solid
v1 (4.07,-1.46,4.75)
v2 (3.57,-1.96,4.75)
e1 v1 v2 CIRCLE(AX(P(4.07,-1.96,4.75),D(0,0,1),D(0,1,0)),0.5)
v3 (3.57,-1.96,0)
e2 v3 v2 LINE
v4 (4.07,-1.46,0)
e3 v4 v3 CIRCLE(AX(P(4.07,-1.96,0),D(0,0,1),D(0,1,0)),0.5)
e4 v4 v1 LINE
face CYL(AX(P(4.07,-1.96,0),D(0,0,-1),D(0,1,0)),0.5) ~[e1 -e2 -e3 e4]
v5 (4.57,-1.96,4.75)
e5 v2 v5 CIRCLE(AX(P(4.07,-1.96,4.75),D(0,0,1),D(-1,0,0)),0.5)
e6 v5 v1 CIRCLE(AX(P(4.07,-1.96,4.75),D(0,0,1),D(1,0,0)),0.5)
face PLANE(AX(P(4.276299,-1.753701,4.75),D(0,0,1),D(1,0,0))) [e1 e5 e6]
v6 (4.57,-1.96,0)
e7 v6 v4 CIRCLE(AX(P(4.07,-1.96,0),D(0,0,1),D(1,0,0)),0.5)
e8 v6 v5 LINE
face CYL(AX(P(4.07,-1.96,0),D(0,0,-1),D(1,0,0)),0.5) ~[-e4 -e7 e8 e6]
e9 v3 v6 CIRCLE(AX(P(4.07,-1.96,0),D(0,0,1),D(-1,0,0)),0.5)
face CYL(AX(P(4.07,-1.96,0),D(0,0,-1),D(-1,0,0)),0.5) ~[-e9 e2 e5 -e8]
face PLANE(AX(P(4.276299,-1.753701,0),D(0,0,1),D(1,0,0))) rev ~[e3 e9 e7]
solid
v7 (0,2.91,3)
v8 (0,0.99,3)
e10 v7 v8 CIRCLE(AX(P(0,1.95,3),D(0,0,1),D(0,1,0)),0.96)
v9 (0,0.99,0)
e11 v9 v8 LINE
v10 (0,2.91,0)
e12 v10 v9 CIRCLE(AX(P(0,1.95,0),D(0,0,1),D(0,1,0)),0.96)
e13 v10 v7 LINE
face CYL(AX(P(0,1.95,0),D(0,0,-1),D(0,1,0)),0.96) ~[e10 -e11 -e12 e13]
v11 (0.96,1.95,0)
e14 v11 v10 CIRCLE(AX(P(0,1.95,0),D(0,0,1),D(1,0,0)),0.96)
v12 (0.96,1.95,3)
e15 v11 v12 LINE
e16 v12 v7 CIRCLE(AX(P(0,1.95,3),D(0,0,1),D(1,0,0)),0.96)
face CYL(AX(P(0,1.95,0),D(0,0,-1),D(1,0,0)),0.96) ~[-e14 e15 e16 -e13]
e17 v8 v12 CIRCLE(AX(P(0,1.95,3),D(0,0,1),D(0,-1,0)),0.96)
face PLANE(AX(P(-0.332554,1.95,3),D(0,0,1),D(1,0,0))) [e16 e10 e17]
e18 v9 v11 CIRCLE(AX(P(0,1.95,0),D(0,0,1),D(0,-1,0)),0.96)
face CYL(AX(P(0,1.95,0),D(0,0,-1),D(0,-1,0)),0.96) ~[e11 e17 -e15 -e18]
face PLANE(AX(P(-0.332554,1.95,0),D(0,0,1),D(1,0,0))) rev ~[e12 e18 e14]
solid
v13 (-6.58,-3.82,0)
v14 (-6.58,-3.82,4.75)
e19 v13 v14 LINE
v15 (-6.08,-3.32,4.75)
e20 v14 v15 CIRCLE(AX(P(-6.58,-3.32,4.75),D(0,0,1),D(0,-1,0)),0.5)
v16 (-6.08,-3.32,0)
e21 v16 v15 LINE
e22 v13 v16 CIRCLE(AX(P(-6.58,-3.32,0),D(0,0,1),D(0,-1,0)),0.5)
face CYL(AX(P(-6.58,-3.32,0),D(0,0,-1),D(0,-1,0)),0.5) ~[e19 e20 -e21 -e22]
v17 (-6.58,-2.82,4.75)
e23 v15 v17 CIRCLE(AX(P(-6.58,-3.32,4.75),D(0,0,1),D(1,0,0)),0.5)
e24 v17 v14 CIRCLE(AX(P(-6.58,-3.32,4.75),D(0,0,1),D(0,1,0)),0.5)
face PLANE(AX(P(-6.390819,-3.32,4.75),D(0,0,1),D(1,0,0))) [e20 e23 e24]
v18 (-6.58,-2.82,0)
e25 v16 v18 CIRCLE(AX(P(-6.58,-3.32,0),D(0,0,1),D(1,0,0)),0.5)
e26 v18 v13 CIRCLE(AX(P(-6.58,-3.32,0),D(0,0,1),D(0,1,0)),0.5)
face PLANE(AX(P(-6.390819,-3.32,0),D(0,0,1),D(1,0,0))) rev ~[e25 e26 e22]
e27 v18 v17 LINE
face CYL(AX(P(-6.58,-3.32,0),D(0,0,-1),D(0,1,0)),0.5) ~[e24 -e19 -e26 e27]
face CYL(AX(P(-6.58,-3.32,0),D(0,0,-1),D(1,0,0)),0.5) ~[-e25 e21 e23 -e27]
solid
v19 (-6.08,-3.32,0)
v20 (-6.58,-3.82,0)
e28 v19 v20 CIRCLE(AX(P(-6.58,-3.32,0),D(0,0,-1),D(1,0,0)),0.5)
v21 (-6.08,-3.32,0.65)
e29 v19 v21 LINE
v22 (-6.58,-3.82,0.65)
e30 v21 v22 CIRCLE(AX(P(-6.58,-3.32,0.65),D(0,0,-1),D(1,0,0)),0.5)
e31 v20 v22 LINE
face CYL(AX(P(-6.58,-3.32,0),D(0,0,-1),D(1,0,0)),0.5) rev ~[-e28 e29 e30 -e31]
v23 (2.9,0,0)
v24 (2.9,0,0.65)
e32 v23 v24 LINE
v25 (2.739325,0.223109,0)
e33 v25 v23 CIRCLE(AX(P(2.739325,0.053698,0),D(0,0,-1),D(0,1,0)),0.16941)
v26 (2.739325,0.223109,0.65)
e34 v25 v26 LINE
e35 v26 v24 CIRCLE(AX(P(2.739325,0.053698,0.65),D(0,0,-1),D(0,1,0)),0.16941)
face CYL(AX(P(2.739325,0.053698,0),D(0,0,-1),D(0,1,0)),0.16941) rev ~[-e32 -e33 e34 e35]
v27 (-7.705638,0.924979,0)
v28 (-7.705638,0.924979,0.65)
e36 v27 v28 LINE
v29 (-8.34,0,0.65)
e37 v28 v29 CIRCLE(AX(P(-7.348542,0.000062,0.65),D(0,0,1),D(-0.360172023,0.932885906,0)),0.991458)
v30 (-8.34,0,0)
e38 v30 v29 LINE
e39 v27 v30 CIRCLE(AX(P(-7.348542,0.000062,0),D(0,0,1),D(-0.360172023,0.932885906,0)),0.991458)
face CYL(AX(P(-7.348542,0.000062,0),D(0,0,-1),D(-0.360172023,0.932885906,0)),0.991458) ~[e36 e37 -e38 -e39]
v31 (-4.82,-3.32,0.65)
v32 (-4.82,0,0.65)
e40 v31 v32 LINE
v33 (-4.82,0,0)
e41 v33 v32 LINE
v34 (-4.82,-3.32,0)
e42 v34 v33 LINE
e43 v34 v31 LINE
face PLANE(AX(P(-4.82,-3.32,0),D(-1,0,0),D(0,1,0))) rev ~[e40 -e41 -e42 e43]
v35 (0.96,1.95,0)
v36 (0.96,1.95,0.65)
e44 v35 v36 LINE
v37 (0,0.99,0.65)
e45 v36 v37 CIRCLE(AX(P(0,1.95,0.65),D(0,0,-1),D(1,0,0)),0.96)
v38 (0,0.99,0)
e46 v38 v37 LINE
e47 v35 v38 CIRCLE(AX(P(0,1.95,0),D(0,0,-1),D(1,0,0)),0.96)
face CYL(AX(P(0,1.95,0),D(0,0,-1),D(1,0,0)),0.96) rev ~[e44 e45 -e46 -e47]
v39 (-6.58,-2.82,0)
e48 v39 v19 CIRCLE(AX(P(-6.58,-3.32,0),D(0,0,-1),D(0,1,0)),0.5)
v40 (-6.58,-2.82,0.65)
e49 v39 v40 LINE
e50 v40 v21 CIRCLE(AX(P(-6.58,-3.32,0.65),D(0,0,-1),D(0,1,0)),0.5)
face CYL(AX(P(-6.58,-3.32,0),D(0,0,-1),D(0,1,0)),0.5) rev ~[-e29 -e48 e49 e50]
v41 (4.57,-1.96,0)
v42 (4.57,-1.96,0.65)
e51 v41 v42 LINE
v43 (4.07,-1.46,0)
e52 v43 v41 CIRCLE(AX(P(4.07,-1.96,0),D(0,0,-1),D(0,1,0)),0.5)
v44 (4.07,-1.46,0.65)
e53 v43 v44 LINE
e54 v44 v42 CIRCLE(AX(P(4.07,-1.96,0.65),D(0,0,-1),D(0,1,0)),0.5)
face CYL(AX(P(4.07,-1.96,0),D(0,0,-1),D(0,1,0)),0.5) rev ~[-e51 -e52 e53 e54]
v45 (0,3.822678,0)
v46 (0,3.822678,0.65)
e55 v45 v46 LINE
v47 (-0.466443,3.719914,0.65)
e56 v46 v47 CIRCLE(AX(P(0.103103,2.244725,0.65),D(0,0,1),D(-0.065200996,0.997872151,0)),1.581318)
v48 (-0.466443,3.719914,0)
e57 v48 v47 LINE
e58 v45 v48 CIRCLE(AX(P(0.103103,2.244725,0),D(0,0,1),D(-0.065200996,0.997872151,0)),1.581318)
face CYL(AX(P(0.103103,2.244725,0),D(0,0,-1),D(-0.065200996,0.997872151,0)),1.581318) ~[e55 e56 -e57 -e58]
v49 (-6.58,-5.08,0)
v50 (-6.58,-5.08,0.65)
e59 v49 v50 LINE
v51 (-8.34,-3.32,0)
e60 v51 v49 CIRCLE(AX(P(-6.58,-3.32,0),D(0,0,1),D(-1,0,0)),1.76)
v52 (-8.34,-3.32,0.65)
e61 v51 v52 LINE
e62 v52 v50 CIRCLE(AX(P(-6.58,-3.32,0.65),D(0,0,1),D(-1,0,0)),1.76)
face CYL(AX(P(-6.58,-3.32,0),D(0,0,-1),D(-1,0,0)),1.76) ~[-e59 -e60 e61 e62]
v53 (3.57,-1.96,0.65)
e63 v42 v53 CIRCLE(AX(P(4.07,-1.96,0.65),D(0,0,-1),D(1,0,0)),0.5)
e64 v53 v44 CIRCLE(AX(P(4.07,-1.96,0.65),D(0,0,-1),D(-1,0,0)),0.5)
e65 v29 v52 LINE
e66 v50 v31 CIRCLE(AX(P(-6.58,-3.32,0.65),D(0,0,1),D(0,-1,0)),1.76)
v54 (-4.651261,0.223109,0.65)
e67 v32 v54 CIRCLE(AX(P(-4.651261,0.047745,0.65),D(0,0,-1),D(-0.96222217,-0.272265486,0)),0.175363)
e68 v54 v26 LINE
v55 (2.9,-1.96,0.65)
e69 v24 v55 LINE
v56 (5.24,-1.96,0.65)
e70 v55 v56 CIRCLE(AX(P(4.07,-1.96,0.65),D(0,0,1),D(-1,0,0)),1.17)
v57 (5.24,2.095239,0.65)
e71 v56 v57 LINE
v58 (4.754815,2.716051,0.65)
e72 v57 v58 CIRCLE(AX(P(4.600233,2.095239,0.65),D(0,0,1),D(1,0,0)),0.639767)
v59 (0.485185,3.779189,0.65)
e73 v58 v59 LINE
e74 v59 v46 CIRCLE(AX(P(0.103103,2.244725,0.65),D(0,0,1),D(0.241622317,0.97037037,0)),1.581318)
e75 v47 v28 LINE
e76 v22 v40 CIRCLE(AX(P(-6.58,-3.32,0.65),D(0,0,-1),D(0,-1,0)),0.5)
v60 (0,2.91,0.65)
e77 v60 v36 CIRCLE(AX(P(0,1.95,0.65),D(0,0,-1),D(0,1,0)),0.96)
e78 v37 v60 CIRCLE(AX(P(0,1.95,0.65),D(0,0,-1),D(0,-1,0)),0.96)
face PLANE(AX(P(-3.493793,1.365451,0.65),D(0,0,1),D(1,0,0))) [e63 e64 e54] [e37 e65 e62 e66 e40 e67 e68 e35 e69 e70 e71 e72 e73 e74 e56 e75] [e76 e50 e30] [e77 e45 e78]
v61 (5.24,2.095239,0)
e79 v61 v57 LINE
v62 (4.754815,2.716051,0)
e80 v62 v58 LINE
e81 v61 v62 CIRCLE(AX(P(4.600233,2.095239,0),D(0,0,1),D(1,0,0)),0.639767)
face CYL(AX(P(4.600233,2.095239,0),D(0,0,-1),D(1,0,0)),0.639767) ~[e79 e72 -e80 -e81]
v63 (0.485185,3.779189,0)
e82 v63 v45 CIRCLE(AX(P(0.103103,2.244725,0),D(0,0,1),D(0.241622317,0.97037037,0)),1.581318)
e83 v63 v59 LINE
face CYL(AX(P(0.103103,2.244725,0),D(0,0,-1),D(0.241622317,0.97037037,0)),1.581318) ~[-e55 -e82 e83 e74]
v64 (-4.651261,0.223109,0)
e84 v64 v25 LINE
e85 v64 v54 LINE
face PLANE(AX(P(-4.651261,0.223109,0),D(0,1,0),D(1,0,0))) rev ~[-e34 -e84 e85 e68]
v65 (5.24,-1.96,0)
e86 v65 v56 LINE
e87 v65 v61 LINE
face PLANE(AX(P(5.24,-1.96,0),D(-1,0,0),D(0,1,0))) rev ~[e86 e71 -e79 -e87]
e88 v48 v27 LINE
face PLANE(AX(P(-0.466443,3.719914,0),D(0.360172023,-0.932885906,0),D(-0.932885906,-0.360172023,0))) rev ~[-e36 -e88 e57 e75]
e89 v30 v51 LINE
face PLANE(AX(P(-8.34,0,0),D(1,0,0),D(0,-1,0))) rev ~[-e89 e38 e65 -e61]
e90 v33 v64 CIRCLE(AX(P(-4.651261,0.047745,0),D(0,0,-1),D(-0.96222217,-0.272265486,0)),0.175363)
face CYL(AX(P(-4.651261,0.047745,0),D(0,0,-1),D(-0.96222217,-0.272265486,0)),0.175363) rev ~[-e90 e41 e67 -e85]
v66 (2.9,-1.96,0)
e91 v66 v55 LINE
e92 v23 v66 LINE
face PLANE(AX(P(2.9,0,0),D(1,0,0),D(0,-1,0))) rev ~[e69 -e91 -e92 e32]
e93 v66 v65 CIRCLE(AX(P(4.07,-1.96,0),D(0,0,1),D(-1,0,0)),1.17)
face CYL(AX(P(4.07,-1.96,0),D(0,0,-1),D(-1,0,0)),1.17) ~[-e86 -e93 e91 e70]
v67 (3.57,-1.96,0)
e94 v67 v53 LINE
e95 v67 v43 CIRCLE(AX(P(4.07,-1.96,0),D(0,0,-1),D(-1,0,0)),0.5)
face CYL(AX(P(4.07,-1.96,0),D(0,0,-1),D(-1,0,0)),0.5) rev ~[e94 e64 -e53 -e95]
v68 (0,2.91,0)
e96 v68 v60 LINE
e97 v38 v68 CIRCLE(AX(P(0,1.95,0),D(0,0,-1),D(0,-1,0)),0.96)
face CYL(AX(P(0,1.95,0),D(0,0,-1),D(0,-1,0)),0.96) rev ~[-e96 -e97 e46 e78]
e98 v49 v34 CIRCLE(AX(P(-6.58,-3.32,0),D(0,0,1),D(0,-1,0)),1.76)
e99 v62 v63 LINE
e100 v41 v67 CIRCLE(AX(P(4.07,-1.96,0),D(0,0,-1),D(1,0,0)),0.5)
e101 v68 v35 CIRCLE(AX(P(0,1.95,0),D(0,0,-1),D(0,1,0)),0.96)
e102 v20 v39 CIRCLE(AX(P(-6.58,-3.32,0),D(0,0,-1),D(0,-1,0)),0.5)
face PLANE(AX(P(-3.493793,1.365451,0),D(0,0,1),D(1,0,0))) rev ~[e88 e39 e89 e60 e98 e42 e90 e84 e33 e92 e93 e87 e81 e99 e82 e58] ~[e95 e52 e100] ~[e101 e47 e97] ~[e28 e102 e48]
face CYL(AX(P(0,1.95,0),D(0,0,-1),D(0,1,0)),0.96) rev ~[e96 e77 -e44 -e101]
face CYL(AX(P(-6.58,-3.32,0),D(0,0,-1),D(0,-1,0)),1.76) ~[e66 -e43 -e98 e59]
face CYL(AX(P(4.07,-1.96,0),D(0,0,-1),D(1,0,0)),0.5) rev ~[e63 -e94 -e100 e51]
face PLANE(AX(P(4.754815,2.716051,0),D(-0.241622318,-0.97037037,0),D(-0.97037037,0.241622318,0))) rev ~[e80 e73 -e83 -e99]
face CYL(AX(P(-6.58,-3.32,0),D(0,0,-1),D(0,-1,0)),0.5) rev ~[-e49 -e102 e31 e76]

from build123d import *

# Parameters (mm, degrees)
F1_DEPTH = 0.65
F2_DEPTH = 3
F3_DEPTH = 4.75
F4_DEPTH = 4.75


with BuildPart() as f1:
    # F0 (on Top) → F1 (new body)
    with BuildSketch(Plane.XY):
        with BuildLine():
            Line((-4.6512614936, 0.2231087419), (0, 0.2231087419))
            Line((0, 0.2231087419), (0, 0.99))
            ThreePointArc((0, 0.99), (-0.96, 1.95), (0, 2.91))
            Line((0, 2.91), (0, 3.8226778984))
            ThreePointArc((0, 3.8226778984), (-0.2371237698, 3.7890083603), (-0.466442953, 3.7199139884))
            Line((-0.466442953, 3.7199139884), (-7.7056375839, 0.9249790882))
            ThreePointArc((-7.7056375839, 0.9249790882), (-8.1661885236, 0.5608143284), (-8.34, 0))
            Line((-8.34, 0), (-6.58, 0))
            Line((-6.58, 0), (-4.82, 0))
            ThreePointArc((-4.82, 0), (-4.7911276745, 0.1535270369), (-4.6512614936, 0.2231087419))
        make_face()
        with BuildLine():
            Line((-4.82, -3.32), (-4.82, 0))
            Line((-4.82, 0), (-6.58, 0))
            Line((-6.58, 0), (-6.58, -1.56))
            ThreePointArc((-6.58, -1.56), (-5.3354920651, -2.0754920651), (-4.82, -3.32))
        make_face()
        with BuildLine():
            Line((-6.58, -1.56), (-6.58, 0))
            Line((-6.58, 0), (-8.34, 0))
            Line((-8.34, 0), (-8.34, -3.32))
            ThreePointArc((-8.34, -3.32), (-7.8245079349, -2.0754920651), (-6.58, -1.56))
        make_face()
        with BuildLine():
            Line((-6.58, -2.82), (-6.58, -1.56))
            ThreePointArc((-6.58, -1.56), (-7.8245079349, -2.0754920651), (-8.34, -3.32))
            ThreePointArc((-8.34, -3.32), (-7.8245079349, -4.5645079349), (-6.58, -5.08))
            Line((-6.58, -5.08), (-6.58, -3.82))
            ThreePointArc((-6.58, -3.82), (-7.08, -3.32), (-6.58, -2.82))
        make_face()
        with BuildLine():
            ThreePointArc((-6.58, -5.08), (-5.3354920651, -4.5645079349), (-4.82, -3.32))
            ThreePointArc((-4.82, -3.32), (-5.3354920651, -2.0754920651), (-6.58, -1.56))
            Line((-6.58, -1.56), (-6.58, -2.82))
            ThreePointArc((-6.58, -2.82), (-6.2264466094, -2.9664466094), (-6.08, -3.32))
            ThreePointArc((-6.08, -3.32), (-6.2264466094, -3.6735533906), (-6.58, -3.82))
            Line((-6.58, -3.82), (-6.58, -5.08))
        make_face()
        with BuildLine():
            Line((0, 0.99), (0, 0.2231087419))
            Line((0, 0.2231087419), (2.7393251657, 0.2231087419))
            ThreePointArc((2.7393251657, 0.2231087419), (2.876796902, 0.152700438), (2.9, 0))
            Line((2.9, 0), (4.07, 0))
            Line((4.07, 0), (5.24, 0))
            Line((5.24, 0), (5.24, 2.0952394856))
            ThreePointArc((5.24, 2.0952394856), (5.1043154194, 2.4891973383), (4.7548148148, 2.7160506443))
            Line((4.7548148148, 2.7160506443), (0.4851851852, 3.7791888413))
            ThreePointArc((0.4851851852, 3.7791888413), (0.2442772634, 3.8197283811), (0, 3.8226778984))
            Line((0, 3.8226778984), (0, 2.91))
            ThreePointArc((0, 2.91), (0.6788225099, 2.6288225099), (0.96, 1.95))
            ThreePointArc((0.96, 1.95), (0.6788225099, 1.2711774901), (0, 0.99))
        make_face()
        with BuildLine():
            Line((4.07, 0), (2.9, 0))
            Line((2.9, 0), (2.9, -1.96))
            ThreePointArc((2.9, -1.96), (3.242685066, -1.132685066), (4.07, -0.79))
            Line((4.07, -0.79), (4.07, 0))
        make_face()
        with BuildLine():
            Line((5.24, 0), (4.07, 0))
            Line((4.07, 0), (4.07, -0.79))
            ThreePointArc((4.07, -0.79), (4.897314934, -1.132685066), (5.24, -1.96))
            Line((5.24, -1.96), (5.24, 0))
        make_face()
        with BuildLine():
            ThreePointArc((5.24, -1.96), (4.897314934, -1.132685066), (4.07, -0.79))
            Line((4.07, -0.79), (4.07, -1.46))
            ThreePointArc((4.07, -1.46), (4.4235533906, -1.6064466094), (4.57, -1.96))
            Line((4.57, -1.96), (5.24, -1.96))
        make_face()
        with BuildLine():
            ThreePointArc((4.07, -0.79), (3.242685066, -1.132685066), (2.9, -1.96))
            Line((2.9, -1.96), (3.57, -1.96))
            ThreePointArc((3.57, -1.96), (3.7164466094, -1.6064466094), (4.07, -1.46))
            Line((4.07, -1.46), (4.07, -0.79))
        make_face()
        with BuildLine():
            Line((3.57, -1.96), (2.9, -1.96))
            ThreePointArc((2.9, -1.96), (4.07, -3.13), (5.24, -1.96))
            Line((5.24, -1.96), (4.57, -1.96))
            ThreePointArc((4.57, -1.96), (4.07, -2.46), (3.57, -1.96))
        make_face()
    extrude(amount=F1_DEPTH)


with BuildPart() as f2:
    # F0 (on Top) → F2 (new body)
    with BuildSketch(Plane.XY):
        with BuildLine():
            ThreePointArc((0, 2.91), (-0.96, 1.95), (0, 0.99))
            Line((0, 0.99), (0, 1.95))
            Line((0, 1.95), (0, 2.91))
        make_face()
        with BuildLine():
            Line((0, 1.95), (0, 0.99))
            ThreePointArc((0, 0.99), (0.6788225099, 1.2711774901), (0.96, 1.95))
            ThreePointArc((0.96, 1.95), (0.6788225099, 2.6288225099), (0, 2.91))
            Line((0, 2.91), (0, 1.95))
        make_face()
    extrude(amount=F2_DEPTH)


with BuildPart() as f3:
    # F0 (on Top) → F3 (new body)
    with BuildSketch(Plane.XY):
        with BuildLine():
            ThreePointArc((-6.08, -3.32), (-6.2264466094, -2.9664466094), (-6.58, -2.82))
            Line((-6.58, -2.82), (-6.58, -3.32))
            Line((-6.58, -3.32), (-6.58, -3.82))
            ThreePointArc((-6.58, -3.82), (-6.2264466094, -3.6735533906), (-6.08, -3.32))
        make_face()
        with BuildLine():
            Line((-6.58, -3.32), (-6.58, -2.82))
            ThreePointArc((-6.58, -2.82), (-7.08, -3.32), (-6.58, -3.82))
            Line((-6.58, -3.82), (-6.58, -3.32))
        make_face()
    extrude(amount=F3_DEPTH)


with BuildPart() as f4:
    # F0 (on Top) → F4 (new body)
    with BuildSketch(Plane.XY):
        with BuildLine():
            ThreePointArc((4.57, -1.96), (4.4235533906, -1.6064466094), (4.07, -1.46))
            Line((4.07, -1.46), (4.07, -1.96))
            Line((4.07, -1.96), (4.57, -1.96))
        make_face()
        with BuildLine():
            ThreePointArc((4.07, -1.46), (3.7164466094, -1.6064466094), (3.57, -1.96))
            Line((3.57, -1.96), (4.07, -1.96))
            Line((4.07, -1.96), (4.07, -1.46))
        make_face()
        with BuildLine():
            Line((4.07, -1.96), (3.57, -1.96))
            ThreePointArc((3.57, -1.96), (4.07, -2.46), (4.57, -1.96))
            Line((4.57, -1.96), (4.07, -1.96))
        make_face()
    extrude(amount=F4_DEPTH)


solid = Compound([f1.part, f2.part, f3.part, f4.part])
